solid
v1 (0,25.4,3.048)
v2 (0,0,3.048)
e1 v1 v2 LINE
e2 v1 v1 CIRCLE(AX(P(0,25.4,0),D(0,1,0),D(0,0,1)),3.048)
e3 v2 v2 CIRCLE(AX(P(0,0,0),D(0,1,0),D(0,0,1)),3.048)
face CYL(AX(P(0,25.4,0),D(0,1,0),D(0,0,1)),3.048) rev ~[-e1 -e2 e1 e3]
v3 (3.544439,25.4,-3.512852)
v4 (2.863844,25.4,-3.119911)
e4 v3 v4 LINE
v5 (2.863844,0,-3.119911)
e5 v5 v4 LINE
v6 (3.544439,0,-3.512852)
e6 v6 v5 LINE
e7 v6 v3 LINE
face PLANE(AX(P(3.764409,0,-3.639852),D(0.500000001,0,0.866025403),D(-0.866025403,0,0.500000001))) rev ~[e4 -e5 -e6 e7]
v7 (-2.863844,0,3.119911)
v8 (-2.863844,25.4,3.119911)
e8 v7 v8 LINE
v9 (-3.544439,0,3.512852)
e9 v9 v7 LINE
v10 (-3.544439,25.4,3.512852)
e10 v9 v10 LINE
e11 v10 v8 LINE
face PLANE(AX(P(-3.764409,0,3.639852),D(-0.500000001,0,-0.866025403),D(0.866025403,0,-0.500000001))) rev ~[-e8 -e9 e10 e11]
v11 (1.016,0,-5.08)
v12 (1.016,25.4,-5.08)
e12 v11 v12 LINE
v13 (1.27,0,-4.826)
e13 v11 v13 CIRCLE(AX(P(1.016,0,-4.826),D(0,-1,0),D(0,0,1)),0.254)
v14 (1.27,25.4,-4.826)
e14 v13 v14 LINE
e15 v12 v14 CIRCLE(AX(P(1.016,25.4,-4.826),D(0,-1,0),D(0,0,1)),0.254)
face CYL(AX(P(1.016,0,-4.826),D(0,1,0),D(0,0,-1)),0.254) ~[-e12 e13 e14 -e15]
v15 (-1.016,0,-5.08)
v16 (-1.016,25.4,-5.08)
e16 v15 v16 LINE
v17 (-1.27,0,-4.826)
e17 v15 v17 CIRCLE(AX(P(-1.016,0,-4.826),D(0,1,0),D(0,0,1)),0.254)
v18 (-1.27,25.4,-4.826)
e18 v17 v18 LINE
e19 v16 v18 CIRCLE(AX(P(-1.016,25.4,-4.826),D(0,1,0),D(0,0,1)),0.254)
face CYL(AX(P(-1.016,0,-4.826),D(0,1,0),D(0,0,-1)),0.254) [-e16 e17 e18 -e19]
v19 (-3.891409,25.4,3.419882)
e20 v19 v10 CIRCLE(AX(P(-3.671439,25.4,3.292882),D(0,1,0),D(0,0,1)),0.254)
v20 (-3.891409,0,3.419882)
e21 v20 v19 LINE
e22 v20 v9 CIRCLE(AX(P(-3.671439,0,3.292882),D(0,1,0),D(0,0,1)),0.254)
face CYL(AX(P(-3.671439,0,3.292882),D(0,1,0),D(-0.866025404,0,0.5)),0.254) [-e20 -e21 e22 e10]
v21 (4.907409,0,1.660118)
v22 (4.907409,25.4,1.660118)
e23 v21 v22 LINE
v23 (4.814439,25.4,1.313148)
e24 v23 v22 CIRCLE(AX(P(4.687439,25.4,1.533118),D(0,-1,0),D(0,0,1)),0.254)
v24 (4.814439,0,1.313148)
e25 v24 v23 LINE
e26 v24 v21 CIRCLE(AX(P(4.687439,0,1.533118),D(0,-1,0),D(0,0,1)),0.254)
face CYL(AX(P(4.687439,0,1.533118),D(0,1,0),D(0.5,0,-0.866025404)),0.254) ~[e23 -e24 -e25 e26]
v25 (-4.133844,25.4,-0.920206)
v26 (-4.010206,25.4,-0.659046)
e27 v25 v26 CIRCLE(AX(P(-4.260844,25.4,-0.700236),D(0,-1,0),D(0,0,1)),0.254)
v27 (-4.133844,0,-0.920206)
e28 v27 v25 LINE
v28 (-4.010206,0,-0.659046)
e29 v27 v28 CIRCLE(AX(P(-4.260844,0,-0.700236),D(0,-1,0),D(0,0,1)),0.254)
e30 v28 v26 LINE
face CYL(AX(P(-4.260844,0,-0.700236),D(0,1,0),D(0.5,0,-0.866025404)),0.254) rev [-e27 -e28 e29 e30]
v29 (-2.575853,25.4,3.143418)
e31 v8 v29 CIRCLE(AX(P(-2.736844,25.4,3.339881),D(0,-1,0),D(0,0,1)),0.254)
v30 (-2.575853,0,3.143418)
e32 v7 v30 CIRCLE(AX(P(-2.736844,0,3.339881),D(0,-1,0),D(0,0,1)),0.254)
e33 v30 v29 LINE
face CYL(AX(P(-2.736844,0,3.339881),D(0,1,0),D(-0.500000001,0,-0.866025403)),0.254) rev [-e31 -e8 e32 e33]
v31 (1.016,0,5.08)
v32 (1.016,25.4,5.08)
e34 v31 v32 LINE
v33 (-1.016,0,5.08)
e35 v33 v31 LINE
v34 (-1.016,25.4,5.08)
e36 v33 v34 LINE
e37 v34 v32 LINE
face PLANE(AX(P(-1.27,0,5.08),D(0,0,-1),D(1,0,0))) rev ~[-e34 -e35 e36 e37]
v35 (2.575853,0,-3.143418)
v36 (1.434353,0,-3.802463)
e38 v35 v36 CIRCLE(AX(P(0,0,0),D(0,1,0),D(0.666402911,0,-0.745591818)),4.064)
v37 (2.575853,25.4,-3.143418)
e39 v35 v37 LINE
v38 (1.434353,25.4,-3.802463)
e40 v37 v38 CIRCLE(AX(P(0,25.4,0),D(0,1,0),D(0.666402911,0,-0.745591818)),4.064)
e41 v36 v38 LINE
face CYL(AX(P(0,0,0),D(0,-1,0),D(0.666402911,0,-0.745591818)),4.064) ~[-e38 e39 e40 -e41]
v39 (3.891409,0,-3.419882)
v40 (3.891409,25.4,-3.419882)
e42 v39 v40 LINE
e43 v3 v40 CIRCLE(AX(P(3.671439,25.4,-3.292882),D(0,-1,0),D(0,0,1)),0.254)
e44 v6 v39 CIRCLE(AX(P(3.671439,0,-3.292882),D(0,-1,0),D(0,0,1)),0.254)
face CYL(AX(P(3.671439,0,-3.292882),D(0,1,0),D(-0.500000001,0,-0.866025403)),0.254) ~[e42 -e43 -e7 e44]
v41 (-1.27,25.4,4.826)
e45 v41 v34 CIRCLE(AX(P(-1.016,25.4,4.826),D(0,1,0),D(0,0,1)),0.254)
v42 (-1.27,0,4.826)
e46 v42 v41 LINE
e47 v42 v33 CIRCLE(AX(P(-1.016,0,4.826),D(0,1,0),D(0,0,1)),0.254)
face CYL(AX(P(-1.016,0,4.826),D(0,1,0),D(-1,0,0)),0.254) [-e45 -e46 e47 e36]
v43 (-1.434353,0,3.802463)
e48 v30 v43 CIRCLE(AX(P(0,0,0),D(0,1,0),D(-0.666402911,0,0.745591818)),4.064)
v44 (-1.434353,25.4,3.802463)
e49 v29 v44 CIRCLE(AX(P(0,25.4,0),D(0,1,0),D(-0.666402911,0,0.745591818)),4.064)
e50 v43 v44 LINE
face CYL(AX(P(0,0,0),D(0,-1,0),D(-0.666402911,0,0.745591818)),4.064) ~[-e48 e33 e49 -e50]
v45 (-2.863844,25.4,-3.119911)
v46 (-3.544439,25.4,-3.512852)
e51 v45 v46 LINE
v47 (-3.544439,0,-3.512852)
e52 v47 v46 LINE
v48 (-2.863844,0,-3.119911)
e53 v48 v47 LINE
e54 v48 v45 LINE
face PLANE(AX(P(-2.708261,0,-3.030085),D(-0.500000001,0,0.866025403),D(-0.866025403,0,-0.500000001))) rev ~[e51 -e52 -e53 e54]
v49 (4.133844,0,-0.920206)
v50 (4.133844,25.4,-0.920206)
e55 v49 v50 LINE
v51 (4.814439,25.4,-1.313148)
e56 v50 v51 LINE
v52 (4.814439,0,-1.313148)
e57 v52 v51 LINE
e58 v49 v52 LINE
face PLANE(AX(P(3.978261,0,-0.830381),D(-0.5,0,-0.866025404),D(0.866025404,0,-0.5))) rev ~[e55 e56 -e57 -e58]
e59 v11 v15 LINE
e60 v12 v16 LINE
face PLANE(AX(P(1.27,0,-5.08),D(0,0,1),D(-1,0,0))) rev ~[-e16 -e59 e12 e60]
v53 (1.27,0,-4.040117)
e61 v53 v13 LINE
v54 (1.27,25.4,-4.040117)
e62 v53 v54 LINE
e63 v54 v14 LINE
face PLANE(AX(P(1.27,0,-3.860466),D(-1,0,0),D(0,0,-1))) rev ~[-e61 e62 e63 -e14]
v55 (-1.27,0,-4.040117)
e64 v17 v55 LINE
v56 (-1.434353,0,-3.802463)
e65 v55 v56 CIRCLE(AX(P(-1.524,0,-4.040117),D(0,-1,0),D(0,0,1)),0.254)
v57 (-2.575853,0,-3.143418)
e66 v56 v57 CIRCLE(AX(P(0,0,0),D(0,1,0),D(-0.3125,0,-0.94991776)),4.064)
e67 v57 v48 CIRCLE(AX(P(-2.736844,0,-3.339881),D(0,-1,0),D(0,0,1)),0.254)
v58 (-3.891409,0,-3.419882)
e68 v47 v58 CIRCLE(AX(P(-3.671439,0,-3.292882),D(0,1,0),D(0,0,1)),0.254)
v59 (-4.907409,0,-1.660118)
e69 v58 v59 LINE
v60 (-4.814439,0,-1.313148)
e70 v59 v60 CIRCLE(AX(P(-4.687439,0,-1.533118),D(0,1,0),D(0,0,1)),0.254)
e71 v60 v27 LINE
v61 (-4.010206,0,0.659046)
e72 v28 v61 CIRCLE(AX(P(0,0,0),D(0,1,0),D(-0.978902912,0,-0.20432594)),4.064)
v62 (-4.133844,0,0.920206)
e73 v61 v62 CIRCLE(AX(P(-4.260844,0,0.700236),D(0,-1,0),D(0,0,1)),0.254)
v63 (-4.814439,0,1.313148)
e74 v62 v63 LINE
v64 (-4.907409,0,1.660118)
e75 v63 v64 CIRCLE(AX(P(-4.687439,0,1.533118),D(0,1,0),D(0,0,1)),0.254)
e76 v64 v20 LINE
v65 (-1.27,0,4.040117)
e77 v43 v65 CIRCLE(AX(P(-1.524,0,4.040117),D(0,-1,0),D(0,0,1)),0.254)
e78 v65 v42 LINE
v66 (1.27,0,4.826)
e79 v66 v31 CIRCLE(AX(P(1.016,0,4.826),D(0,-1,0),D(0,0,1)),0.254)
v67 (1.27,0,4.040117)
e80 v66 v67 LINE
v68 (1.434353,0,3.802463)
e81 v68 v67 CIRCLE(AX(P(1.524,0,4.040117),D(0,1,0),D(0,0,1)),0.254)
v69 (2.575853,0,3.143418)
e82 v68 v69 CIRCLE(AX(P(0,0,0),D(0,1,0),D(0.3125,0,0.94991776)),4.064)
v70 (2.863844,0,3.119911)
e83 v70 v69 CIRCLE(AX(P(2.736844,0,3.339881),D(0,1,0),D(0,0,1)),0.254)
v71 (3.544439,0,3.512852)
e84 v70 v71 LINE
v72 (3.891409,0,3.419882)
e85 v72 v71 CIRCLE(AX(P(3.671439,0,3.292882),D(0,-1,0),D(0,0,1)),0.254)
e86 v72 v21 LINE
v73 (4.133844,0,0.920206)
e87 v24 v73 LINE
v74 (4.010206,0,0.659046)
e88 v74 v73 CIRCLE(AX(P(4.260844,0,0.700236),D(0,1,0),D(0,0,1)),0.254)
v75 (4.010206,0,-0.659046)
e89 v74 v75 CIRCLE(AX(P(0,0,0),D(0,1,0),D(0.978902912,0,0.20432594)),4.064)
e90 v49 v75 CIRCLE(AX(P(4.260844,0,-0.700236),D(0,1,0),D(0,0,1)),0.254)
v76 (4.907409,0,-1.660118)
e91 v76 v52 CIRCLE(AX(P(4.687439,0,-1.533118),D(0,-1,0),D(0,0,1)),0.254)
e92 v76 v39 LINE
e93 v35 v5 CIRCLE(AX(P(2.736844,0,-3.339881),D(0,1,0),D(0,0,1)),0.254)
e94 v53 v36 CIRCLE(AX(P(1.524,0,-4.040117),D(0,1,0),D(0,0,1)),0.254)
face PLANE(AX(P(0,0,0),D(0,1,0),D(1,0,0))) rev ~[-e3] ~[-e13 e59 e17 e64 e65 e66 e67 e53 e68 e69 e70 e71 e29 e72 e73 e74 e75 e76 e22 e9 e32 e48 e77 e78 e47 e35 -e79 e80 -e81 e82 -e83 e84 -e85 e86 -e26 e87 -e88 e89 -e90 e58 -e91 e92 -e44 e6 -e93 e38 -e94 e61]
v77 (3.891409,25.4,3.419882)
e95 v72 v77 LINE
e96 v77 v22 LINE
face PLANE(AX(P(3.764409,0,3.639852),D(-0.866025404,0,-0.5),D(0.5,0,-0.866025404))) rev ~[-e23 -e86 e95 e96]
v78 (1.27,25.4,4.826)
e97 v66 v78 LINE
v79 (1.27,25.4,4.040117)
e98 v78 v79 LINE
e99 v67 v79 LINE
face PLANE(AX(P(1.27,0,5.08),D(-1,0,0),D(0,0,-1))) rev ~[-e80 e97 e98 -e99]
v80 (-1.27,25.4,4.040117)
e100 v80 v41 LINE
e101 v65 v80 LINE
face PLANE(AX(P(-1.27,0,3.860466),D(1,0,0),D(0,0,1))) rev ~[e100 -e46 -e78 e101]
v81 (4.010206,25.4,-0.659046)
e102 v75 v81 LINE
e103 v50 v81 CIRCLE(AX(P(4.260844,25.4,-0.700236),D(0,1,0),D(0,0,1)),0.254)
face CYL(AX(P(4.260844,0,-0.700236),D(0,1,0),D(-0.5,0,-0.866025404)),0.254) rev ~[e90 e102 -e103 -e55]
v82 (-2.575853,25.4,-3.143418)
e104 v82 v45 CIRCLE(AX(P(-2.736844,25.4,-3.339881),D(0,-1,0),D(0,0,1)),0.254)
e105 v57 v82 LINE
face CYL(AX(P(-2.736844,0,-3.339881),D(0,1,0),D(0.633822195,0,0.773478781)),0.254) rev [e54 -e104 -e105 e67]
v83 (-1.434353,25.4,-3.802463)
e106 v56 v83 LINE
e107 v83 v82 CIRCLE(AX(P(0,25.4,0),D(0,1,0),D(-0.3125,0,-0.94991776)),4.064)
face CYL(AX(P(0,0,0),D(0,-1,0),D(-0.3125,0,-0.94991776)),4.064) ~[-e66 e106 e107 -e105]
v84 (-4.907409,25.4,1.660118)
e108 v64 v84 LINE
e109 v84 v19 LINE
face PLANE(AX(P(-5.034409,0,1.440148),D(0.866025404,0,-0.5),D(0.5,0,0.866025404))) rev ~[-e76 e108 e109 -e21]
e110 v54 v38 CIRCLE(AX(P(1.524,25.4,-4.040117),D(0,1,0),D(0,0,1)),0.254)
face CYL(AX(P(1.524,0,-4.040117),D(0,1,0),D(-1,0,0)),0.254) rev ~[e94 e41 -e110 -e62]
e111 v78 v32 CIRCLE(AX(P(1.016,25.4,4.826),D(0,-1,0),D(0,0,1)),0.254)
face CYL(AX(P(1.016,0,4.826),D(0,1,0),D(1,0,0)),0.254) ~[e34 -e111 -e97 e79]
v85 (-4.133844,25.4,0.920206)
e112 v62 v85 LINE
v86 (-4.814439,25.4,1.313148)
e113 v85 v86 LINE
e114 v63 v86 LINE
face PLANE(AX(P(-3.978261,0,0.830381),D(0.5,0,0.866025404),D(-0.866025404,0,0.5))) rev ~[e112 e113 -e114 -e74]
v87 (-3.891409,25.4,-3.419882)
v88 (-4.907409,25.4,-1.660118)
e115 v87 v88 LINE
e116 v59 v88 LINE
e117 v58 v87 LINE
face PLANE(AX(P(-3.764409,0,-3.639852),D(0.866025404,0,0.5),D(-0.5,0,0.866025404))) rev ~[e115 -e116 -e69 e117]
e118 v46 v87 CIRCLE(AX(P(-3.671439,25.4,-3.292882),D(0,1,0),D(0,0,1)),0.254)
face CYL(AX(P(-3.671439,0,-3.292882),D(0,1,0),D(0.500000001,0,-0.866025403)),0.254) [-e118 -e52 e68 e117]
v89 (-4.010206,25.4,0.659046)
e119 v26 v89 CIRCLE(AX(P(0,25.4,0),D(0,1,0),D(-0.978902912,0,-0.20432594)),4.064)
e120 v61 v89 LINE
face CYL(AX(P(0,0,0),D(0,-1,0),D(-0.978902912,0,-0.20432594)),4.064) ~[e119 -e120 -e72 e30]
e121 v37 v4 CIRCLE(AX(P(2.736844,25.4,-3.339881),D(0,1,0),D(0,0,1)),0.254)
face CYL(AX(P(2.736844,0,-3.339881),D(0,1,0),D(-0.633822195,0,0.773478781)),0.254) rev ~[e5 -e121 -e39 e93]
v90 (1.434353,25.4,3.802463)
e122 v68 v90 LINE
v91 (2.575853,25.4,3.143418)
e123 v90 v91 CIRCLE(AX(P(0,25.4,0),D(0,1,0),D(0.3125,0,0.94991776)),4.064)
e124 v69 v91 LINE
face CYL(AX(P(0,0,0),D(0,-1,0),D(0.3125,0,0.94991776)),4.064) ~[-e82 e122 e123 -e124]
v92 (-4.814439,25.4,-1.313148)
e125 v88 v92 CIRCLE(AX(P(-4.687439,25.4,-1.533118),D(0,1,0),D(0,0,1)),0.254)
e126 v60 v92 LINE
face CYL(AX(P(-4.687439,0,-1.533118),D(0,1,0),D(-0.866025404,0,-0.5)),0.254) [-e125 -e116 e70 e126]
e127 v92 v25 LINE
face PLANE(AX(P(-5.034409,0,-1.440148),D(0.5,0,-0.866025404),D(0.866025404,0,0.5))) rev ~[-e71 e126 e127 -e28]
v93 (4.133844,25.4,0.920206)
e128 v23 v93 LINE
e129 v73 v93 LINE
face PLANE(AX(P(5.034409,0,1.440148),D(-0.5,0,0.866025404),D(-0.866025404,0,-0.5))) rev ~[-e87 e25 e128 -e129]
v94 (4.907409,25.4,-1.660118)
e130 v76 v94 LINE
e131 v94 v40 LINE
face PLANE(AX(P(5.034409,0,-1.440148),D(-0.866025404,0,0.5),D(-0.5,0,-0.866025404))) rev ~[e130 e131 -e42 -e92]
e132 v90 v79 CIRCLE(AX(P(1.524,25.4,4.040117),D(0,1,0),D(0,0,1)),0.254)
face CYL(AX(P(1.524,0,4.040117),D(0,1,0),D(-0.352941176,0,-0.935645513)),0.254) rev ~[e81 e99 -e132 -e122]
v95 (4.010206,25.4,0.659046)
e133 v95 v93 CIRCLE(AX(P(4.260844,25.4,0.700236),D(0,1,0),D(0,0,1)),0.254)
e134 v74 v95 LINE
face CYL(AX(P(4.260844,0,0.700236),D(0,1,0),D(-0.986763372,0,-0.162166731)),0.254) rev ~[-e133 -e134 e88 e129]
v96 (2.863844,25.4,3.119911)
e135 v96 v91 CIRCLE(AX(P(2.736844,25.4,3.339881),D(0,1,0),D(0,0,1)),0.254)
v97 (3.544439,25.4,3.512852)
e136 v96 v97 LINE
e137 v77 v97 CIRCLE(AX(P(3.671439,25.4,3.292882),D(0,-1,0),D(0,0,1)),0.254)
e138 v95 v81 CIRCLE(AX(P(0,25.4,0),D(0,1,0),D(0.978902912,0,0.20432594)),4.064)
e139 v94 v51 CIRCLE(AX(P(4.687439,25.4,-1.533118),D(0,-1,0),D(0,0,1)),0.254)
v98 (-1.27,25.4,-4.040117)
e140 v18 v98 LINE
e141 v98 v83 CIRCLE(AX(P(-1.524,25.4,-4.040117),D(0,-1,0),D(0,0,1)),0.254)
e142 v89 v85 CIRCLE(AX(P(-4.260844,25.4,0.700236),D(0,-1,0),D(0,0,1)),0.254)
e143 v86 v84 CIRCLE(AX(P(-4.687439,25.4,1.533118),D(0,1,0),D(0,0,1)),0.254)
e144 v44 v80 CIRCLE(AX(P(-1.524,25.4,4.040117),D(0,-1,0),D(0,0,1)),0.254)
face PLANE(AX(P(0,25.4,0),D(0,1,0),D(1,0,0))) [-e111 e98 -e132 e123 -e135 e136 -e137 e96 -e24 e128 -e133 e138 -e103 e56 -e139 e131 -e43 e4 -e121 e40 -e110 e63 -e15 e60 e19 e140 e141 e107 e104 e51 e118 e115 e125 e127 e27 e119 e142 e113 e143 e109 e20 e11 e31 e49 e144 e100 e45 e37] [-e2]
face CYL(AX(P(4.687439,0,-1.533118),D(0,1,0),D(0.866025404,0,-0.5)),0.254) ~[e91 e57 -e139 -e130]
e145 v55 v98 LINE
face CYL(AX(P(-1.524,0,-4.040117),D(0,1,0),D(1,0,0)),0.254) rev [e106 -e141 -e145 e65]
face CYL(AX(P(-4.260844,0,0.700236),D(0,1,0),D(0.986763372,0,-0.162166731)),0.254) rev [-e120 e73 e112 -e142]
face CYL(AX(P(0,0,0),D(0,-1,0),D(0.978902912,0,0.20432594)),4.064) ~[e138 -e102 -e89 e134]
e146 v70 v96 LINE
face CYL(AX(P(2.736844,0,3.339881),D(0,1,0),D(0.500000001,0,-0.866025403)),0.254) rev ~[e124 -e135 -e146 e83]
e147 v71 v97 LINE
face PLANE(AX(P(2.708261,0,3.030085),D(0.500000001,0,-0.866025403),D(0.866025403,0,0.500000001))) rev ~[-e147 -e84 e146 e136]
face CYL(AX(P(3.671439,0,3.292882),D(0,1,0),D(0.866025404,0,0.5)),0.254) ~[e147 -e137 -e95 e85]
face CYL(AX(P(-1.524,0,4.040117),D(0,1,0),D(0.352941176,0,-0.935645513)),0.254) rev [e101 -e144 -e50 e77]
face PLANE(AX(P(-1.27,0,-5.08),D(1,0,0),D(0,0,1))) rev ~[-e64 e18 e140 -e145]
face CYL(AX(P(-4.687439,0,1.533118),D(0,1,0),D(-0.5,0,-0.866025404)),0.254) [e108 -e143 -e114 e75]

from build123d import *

# Parameters (mm, degrees)
BOSS_EXTRUDE2_DEPTH = 25.4
SKETCH5_R           = 3.048
CUT_EXTRUDE1_DEPTH  = 27.387718251
FILLET1_R           = 0.254


with BuildPart() as part:
    # Sketch4 → Boss-Extrude2 (new body)
    with BuildSketch(Plane(origin=(0, 0, 0), x_dir=(1, 0, 0), z_dir=(0, 1, 0))):
        with BuildLine():
            Line((1.27, 5.08), (-1.27, 5.08))
            Line((-1.27, 5.08), (-1.27, 3.860465775))
            ThreePointArc((-1.27, 3.860465775), (-2.032, 3.519527241), (-2.708261432, 3.03008515))
            Line((-2.708261432, 3.03008515), (-3.764409051, 3.639852263))
            Line((-3.764409051, 3.639852263), (-5.034409051, 1.440147737))
            Line((-5.034409051, 1.440147737), (-3.978261432, 0.830380625))
            ThreePointArc((-3.978261432, 0.830380625), (-4.064, 0), (-3.978261432, -0.830380625))
            Line((-3.978261432, -0.830380625), (-5.034409051, -1.440147737))
            Line((-5.034409051, -1.440147737), (-3.764409051, -3.639852263))
            Line((-3.764409051, -3.639852263), (-2.708261432, -3.03008515))
            ThreePointArc((-2.708261432, -3.03008515), (-2.032, -3.519527241), (-1.27, -3.860465775))
            Line((-1.27, -3.860465775), (-1.27, -5.08))
            Line((-1.27, -5.08), (1.27, -5.08))
            Line((1.27, -5.08), (1.27, -3.860465775))
            ThreePointArc((1.27, -3.860465775), (2.032, -3.519527241), (2.708261432, -3.03008515))
            Line((2.708261432, -3.03008515), (3.764409051, -3.639852263))
            Line((3.764409051, -3.639852263), (5.034409051, -1.440147737))
            Line((5.034409051, -1.440147737), (3.978261432, -0.830380625))
            ThreePointArc((3.978261432, -0.830380625), (4.064, 0), (3.978261432, 0.830380625))
            Line((3.978261432, 0.830380625), (5.034409051, 1.440147737))
            Line((5.034409051, 1.440147737), (3.764409051, 3.639852263))
            Line((3.764409051, 3.639852263), (2.708261432, 3.03008515))
            ThreePointArc((2.708261432, 3.03008515), (2.032, 3.519527241), (1.27, 3.860465775))
            Line((1.27, 3.860465775), (1.27, 5.08))
        make_face()
    extrude(amount=BOSS_EXTRUDE2_DEPTH)

    # Sketch5 → Cut-Extrude1 (cut, through all)
    with BuildSketch(Plane(origin=(0, 25.4, 0), x_dir=(1, 0, 0), z_dir=(0, 1, 0))):
        Circle(SKETCH5_R)
    extrude(amount=-CUT_EXTRUDE1_DEPTH, mode=Mode.SUBTRACT)

    # Fillet1
    fillet1_edges = [part.edges().sort_by_distance(p)[0] for p in [
        (5.034409051, 12.7, -1.440147737),
        (3.978261432, 12.7, -0.830380625),
        (3.978261432, 12.7, 0.830380625),
        (5.034409051, 12.7, 1.440147737),
        (3.764409051, 12.7, 3.639852263),
        (2.708261432, 12.7, 3.03008515),
        (1.27, 12.7, 5.08),
        (1.27, 12.7, 3.860465775),
        (-1.27, 12.7, 5.08),
        (-1.27, 12.7, 3.860465775),
        (-2.708261432, 12.7, 3.03008515),
        (-3.764409051, 12.7, 3.639852263),
        (-5.034409051, 12.7, 1.440147737),
        (-3.978261432, 12.7, 0.830380625),
        (-3.978261432, 12.7, -0.830380625),
        (-5.034409051, 12.7, -1.440147737),
        (-3.764409051, 12.7, -3.639852263),
        (-1.27, 12.7, -3.860465775),
        (-2.708261432, 12.7, -3.03008515),
        (-1.27, 12.7, -5.08),
        (1.27, 12.7, -5.08),
        (1.27, 12.7, -3.860465775),
        (3.764409051, 12.7, -3.639852263),
        (2.708261432, 12.7, -3.03008515),
    ]]
    fillet(fillet1_edges, radius=FILLET1_R)


solid = part.part
